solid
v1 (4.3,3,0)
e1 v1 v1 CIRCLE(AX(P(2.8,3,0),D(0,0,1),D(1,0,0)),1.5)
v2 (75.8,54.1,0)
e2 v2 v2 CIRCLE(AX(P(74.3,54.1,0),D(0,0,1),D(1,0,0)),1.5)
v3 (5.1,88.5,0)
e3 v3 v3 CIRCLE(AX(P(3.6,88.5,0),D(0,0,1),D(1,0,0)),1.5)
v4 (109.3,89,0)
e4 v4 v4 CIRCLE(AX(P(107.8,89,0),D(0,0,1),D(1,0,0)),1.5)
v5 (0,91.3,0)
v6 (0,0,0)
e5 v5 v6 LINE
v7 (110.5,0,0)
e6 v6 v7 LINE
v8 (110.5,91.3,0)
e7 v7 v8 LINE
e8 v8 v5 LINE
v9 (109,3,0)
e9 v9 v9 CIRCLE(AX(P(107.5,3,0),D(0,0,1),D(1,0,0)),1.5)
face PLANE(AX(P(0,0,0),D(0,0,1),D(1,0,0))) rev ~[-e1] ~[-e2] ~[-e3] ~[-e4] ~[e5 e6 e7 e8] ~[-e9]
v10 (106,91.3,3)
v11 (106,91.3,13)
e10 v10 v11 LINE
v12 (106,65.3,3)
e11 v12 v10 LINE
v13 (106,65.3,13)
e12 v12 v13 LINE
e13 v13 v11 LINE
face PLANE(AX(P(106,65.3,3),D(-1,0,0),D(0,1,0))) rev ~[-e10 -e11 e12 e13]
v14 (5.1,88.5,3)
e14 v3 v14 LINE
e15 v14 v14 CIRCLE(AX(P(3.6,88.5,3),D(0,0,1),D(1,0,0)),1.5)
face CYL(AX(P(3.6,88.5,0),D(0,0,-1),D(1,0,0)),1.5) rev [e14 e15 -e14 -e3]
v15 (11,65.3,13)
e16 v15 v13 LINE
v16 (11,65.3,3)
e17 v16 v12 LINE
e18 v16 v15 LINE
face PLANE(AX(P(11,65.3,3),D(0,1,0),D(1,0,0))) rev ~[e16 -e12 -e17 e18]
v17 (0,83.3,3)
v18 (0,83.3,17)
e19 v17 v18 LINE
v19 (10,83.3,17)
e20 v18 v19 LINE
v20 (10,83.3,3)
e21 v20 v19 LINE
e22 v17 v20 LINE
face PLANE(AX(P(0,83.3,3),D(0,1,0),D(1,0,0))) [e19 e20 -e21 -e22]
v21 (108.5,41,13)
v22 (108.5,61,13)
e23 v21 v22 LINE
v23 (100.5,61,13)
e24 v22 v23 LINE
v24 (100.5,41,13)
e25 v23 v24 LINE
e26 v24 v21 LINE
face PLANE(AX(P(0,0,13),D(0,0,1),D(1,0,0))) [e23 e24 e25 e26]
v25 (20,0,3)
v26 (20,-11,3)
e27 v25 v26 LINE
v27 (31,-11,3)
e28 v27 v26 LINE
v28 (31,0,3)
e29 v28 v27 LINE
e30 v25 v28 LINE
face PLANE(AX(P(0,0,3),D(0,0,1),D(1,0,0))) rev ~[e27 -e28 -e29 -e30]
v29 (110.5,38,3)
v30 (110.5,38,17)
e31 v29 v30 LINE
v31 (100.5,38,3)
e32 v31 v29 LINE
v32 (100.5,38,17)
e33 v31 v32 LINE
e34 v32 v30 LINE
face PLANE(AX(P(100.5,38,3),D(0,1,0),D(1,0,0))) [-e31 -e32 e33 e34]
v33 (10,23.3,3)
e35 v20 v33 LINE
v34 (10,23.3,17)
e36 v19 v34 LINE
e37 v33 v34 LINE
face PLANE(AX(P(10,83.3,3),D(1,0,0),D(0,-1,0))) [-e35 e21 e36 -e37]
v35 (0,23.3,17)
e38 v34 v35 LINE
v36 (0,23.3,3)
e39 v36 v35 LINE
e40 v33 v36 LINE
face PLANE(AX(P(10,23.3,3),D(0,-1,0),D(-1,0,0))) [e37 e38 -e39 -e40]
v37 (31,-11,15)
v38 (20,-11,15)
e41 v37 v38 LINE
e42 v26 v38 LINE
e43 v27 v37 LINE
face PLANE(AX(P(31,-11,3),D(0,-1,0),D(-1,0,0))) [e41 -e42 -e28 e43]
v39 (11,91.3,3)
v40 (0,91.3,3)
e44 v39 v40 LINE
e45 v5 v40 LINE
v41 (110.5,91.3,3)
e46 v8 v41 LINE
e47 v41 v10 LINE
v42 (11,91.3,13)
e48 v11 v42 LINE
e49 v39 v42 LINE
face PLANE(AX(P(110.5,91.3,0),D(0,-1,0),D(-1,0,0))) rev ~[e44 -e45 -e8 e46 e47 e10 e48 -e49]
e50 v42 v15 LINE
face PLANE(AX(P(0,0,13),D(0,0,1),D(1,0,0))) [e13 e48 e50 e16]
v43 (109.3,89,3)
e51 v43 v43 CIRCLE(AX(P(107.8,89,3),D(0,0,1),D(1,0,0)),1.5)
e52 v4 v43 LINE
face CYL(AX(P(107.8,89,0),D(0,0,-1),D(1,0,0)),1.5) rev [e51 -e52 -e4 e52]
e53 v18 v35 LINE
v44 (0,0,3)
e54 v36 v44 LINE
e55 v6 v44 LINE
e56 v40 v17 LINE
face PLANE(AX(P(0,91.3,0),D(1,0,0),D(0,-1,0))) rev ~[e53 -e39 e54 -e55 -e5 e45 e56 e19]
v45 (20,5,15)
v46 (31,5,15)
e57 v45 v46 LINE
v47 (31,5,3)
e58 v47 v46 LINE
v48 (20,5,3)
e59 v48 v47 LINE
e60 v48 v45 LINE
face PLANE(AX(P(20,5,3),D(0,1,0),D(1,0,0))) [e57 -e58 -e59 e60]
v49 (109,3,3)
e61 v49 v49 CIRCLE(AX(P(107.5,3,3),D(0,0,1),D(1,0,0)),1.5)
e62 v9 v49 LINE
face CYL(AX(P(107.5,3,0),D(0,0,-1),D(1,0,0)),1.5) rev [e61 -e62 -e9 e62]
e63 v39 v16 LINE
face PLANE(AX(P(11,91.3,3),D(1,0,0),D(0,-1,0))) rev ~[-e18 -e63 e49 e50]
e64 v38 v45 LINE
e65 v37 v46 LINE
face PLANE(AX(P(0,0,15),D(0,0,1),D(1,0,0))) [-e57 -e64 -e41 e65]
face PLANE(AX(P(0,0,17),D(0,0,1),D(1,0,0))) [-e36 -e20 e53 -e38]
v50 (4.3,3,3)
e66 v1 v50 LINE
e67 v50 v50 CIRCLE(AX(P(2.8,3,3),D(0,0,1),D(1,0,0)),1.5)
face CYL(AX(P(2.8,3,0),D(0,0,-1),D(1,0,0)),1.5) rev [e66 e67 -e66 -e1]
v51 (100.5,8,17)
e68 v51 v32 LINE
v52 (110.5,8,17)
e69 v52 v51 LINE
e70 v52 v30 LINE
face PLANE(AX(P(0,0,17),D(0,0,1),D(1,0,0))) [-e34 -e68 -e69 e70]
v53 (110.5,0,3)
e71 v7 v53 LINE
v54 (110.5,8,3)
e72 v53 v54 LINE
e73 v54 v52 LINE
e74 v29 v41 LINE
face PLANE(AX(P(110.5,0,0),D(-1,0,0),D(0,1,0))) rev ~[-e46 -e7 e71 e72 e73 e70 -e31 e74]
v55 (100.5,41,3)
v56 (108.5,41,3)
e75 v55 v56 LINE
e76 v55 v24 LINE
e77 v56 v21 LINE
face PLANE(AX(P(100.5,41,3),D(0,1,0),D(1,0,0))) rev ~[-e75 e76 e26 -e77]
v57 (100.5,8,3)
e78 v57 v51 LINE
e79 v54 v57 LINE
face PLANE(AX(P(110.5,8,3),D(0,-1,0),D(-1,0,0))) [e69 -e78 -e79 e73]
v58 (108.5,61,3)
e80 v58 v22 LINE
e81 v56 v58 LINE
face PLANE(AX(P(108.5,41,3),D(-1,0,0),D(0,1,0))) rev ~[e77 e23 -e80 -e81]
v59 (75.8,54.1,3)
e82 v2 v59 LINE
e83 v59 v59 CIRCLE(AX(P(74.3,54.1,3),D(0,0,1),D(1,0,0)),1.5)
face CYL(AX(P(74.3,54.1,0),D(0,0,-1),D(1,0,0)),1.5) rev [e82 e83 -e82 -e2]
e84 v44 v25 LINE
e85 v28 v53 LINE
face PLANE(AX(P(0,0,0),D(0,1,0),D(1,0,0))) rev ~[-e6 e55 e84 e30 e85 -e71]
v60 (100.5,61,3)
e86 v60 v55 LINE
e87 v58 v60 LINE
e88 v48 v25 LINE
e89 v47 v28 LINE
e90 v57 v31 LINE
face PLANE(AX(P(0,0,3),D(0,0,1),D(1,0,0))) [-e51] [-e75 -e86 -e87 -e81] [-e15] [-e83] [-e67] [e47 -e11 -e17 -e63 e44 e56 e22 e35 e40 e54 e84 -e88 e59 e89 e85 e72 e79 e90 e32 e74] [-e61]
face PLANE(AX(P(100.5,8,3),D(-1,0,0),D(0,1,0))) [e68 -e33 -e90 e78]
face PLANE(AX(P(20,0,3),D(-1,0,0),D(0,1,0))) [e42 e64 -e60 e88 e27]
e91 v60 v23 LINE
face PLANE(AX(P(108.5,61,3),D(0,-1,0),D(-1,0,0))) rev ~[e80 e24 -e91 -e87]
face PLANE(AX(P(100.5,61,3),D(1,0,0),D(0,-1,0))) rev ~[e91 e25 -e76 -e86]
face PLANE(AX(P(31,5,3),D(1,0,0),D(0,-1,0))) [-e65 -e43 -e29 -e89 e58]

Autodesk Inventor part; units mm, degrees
ref_plane "YZ Plane" through (0, 0, 0) normal (1, 0, 0) x (0, 1, 0)
ref_plane "XZ Plane" through (0, 0, 0) normal (0, 1, 0) x (-1, 0, 0)
ref_plane "XY Plane" through (0, 0, 0) normal (0, 0, 1) x (1, 0, 0)
sketch "Sketch1" plane through (0, 0, 0) normal (0, 0, 1) x (1, 0, 0)
  line L0 (0, 0) -> (110.5, 0)
  line L1 (110.5, 0) -> (110.5, 91.3)
  line L2 (110.5, 91.3) -> (0, 91.3)
  line L3 (0, 91.3) -> (0, 0)
  circle A0 centre (2.8, 3) radius 1.5
  circle A1 centre (74.3, 54.1) radius 1.5
  circle A2 centre (3.6, 88.5) radius 1.5
  circle A3 centre (107.5, 3) radius 1.5
  circle A4 centre (107.8, 89) radius 1.5
  dimension "d0" = 110.5
  dimension "d1" = 91.3
  dimension "d2" = 3
  dimension "d3" = 3
  dimension "d4" = 3
  dimension "d5" = 3
  dimension "d6" = 3
  dimension "d7" = 2.8
  dimension "d8" = 3
  dimension "d9" = 3.6
  dimension "d10" = 88.5
  dimension "d11" = 74.3
  dimension "d12" = 54.1
  dimension "d13" = 107.5
  dimension "d14" = 3
  dimension "d15" = 89
  dimension "d16" = 107.8
extrude "Extrusion1" add sketch "Sketch1" along normal blind 3
sketch "Sketch2" plane through (0, 0, 3) normal (0, 0, 1) x (1, 0, 0)
  line L0 (110.5, 91.3) -> (0, 91.3) projected
  line L1 (0, 91.3) -> (0, 0) projected
  line L2 (0, 83.3) -> (10, 83.3)
  line L3 (10, 83.3) -> (10, 23.3)
  line L4 (10, 23.3) -> (0, 23.3)
  line L5 (0, 23.3) -> (0, 83.3)
  dimension "d19" = 10
  dimension "d20" = 60
  dimension "d21" = 8
extrude "Extrusion2" add sketch "Sketch2" along normal blind 14
sketch "Sketch3" plane through (0, 0, 3) normal (0, 0, 1) x (1, 0, 0)
  line L0 (110.5, 0) -> (110.5, 91.3) projected
  line L1 (110.5, 91.3) -> (0, 91.3) projected
  line L2 (106, 91.3) -> (11, 91.3)
  line L3 (11, 91.3) -> (11, 65.3)
  line L4 (11, 65.3) -> (106, 65.3)
  line L5 (106, 65.3) -> (106, 91.3)
  dimension "d24" = 95
  dimension "d25" = 26
  dimension "d26" = 0
  dimension "d27" = 4.5
extrude "Extrusion3" add sketch "Sketch3" along normal blind 10
sketch "Sketch4" plane through (0, 0, 3) normal (0, 0, 1) x (1, 0, 0)
  line L0 (0, 23.3) -> (0, 0) projected
  line L1 (0, 0) -> (110.5, 0) projected
  line L2 (20, 5) -> (31, 5)
  line L3 (31, 5) -> (31, -11)
  line L4 (31, -11) -> (20, -11)
  line L5 (20, -11) -> (20, 5)
  dimension "d30" = 11
  dimension "d31" = 16
  dimension "d32" = 20
  dimension "d33" = 5
extrude "Extrusion4" add sketch "Sketch4" along normal blind 12
sketch "Sketch5" plane through (0, 0, 3) normal (0, 0, 1) x (1, 0, 0)
  line L0 (31, 0) -> (110.5, 0) projected
  line L1 (110.5, 0) -> (110.5, 91.3) projected
  line L2 (110.5, 8) -> (100.5, 8)
  line L3 (100.5, 8) -> (100.5, 38)
  line L4 (100.5, 38) -> (110.5, 38)
  line L5 (110.5, 38) -> (110.5, 8)
  dimension "d36" = 10
  dimension "d37" = 30
  dimension "d38" = 8
extrude "Extrusion5" add sketch "Sketch5" along normal blind 14
sketch "Sketch6" plane through (0, 0, 3) normal (0, 0, 1) x (1, 0, 0)
  line L0 (100.5, 38) -> (110.5, 38) projected
  line L1 (110.5, 38) -> (110.5, 91.3) projected
  line L2 (100.5, 41) -> (108.5, 41)
  line L3 (108.5, 41) -> (108.5, 61)
  line L4 (108.5, 61) -> (100.5, 61)
  line L5 (100.5, 61) -> (100.5, 41)
  dimension "d41" = 8
  dimension "d42" = 2
  dimension "d43" = 3
  dimension "d44" = 20
extrude "Extrusion6" add sketch "Sketch6" along normal blind 10
properties part number "Megatronics3.0"
